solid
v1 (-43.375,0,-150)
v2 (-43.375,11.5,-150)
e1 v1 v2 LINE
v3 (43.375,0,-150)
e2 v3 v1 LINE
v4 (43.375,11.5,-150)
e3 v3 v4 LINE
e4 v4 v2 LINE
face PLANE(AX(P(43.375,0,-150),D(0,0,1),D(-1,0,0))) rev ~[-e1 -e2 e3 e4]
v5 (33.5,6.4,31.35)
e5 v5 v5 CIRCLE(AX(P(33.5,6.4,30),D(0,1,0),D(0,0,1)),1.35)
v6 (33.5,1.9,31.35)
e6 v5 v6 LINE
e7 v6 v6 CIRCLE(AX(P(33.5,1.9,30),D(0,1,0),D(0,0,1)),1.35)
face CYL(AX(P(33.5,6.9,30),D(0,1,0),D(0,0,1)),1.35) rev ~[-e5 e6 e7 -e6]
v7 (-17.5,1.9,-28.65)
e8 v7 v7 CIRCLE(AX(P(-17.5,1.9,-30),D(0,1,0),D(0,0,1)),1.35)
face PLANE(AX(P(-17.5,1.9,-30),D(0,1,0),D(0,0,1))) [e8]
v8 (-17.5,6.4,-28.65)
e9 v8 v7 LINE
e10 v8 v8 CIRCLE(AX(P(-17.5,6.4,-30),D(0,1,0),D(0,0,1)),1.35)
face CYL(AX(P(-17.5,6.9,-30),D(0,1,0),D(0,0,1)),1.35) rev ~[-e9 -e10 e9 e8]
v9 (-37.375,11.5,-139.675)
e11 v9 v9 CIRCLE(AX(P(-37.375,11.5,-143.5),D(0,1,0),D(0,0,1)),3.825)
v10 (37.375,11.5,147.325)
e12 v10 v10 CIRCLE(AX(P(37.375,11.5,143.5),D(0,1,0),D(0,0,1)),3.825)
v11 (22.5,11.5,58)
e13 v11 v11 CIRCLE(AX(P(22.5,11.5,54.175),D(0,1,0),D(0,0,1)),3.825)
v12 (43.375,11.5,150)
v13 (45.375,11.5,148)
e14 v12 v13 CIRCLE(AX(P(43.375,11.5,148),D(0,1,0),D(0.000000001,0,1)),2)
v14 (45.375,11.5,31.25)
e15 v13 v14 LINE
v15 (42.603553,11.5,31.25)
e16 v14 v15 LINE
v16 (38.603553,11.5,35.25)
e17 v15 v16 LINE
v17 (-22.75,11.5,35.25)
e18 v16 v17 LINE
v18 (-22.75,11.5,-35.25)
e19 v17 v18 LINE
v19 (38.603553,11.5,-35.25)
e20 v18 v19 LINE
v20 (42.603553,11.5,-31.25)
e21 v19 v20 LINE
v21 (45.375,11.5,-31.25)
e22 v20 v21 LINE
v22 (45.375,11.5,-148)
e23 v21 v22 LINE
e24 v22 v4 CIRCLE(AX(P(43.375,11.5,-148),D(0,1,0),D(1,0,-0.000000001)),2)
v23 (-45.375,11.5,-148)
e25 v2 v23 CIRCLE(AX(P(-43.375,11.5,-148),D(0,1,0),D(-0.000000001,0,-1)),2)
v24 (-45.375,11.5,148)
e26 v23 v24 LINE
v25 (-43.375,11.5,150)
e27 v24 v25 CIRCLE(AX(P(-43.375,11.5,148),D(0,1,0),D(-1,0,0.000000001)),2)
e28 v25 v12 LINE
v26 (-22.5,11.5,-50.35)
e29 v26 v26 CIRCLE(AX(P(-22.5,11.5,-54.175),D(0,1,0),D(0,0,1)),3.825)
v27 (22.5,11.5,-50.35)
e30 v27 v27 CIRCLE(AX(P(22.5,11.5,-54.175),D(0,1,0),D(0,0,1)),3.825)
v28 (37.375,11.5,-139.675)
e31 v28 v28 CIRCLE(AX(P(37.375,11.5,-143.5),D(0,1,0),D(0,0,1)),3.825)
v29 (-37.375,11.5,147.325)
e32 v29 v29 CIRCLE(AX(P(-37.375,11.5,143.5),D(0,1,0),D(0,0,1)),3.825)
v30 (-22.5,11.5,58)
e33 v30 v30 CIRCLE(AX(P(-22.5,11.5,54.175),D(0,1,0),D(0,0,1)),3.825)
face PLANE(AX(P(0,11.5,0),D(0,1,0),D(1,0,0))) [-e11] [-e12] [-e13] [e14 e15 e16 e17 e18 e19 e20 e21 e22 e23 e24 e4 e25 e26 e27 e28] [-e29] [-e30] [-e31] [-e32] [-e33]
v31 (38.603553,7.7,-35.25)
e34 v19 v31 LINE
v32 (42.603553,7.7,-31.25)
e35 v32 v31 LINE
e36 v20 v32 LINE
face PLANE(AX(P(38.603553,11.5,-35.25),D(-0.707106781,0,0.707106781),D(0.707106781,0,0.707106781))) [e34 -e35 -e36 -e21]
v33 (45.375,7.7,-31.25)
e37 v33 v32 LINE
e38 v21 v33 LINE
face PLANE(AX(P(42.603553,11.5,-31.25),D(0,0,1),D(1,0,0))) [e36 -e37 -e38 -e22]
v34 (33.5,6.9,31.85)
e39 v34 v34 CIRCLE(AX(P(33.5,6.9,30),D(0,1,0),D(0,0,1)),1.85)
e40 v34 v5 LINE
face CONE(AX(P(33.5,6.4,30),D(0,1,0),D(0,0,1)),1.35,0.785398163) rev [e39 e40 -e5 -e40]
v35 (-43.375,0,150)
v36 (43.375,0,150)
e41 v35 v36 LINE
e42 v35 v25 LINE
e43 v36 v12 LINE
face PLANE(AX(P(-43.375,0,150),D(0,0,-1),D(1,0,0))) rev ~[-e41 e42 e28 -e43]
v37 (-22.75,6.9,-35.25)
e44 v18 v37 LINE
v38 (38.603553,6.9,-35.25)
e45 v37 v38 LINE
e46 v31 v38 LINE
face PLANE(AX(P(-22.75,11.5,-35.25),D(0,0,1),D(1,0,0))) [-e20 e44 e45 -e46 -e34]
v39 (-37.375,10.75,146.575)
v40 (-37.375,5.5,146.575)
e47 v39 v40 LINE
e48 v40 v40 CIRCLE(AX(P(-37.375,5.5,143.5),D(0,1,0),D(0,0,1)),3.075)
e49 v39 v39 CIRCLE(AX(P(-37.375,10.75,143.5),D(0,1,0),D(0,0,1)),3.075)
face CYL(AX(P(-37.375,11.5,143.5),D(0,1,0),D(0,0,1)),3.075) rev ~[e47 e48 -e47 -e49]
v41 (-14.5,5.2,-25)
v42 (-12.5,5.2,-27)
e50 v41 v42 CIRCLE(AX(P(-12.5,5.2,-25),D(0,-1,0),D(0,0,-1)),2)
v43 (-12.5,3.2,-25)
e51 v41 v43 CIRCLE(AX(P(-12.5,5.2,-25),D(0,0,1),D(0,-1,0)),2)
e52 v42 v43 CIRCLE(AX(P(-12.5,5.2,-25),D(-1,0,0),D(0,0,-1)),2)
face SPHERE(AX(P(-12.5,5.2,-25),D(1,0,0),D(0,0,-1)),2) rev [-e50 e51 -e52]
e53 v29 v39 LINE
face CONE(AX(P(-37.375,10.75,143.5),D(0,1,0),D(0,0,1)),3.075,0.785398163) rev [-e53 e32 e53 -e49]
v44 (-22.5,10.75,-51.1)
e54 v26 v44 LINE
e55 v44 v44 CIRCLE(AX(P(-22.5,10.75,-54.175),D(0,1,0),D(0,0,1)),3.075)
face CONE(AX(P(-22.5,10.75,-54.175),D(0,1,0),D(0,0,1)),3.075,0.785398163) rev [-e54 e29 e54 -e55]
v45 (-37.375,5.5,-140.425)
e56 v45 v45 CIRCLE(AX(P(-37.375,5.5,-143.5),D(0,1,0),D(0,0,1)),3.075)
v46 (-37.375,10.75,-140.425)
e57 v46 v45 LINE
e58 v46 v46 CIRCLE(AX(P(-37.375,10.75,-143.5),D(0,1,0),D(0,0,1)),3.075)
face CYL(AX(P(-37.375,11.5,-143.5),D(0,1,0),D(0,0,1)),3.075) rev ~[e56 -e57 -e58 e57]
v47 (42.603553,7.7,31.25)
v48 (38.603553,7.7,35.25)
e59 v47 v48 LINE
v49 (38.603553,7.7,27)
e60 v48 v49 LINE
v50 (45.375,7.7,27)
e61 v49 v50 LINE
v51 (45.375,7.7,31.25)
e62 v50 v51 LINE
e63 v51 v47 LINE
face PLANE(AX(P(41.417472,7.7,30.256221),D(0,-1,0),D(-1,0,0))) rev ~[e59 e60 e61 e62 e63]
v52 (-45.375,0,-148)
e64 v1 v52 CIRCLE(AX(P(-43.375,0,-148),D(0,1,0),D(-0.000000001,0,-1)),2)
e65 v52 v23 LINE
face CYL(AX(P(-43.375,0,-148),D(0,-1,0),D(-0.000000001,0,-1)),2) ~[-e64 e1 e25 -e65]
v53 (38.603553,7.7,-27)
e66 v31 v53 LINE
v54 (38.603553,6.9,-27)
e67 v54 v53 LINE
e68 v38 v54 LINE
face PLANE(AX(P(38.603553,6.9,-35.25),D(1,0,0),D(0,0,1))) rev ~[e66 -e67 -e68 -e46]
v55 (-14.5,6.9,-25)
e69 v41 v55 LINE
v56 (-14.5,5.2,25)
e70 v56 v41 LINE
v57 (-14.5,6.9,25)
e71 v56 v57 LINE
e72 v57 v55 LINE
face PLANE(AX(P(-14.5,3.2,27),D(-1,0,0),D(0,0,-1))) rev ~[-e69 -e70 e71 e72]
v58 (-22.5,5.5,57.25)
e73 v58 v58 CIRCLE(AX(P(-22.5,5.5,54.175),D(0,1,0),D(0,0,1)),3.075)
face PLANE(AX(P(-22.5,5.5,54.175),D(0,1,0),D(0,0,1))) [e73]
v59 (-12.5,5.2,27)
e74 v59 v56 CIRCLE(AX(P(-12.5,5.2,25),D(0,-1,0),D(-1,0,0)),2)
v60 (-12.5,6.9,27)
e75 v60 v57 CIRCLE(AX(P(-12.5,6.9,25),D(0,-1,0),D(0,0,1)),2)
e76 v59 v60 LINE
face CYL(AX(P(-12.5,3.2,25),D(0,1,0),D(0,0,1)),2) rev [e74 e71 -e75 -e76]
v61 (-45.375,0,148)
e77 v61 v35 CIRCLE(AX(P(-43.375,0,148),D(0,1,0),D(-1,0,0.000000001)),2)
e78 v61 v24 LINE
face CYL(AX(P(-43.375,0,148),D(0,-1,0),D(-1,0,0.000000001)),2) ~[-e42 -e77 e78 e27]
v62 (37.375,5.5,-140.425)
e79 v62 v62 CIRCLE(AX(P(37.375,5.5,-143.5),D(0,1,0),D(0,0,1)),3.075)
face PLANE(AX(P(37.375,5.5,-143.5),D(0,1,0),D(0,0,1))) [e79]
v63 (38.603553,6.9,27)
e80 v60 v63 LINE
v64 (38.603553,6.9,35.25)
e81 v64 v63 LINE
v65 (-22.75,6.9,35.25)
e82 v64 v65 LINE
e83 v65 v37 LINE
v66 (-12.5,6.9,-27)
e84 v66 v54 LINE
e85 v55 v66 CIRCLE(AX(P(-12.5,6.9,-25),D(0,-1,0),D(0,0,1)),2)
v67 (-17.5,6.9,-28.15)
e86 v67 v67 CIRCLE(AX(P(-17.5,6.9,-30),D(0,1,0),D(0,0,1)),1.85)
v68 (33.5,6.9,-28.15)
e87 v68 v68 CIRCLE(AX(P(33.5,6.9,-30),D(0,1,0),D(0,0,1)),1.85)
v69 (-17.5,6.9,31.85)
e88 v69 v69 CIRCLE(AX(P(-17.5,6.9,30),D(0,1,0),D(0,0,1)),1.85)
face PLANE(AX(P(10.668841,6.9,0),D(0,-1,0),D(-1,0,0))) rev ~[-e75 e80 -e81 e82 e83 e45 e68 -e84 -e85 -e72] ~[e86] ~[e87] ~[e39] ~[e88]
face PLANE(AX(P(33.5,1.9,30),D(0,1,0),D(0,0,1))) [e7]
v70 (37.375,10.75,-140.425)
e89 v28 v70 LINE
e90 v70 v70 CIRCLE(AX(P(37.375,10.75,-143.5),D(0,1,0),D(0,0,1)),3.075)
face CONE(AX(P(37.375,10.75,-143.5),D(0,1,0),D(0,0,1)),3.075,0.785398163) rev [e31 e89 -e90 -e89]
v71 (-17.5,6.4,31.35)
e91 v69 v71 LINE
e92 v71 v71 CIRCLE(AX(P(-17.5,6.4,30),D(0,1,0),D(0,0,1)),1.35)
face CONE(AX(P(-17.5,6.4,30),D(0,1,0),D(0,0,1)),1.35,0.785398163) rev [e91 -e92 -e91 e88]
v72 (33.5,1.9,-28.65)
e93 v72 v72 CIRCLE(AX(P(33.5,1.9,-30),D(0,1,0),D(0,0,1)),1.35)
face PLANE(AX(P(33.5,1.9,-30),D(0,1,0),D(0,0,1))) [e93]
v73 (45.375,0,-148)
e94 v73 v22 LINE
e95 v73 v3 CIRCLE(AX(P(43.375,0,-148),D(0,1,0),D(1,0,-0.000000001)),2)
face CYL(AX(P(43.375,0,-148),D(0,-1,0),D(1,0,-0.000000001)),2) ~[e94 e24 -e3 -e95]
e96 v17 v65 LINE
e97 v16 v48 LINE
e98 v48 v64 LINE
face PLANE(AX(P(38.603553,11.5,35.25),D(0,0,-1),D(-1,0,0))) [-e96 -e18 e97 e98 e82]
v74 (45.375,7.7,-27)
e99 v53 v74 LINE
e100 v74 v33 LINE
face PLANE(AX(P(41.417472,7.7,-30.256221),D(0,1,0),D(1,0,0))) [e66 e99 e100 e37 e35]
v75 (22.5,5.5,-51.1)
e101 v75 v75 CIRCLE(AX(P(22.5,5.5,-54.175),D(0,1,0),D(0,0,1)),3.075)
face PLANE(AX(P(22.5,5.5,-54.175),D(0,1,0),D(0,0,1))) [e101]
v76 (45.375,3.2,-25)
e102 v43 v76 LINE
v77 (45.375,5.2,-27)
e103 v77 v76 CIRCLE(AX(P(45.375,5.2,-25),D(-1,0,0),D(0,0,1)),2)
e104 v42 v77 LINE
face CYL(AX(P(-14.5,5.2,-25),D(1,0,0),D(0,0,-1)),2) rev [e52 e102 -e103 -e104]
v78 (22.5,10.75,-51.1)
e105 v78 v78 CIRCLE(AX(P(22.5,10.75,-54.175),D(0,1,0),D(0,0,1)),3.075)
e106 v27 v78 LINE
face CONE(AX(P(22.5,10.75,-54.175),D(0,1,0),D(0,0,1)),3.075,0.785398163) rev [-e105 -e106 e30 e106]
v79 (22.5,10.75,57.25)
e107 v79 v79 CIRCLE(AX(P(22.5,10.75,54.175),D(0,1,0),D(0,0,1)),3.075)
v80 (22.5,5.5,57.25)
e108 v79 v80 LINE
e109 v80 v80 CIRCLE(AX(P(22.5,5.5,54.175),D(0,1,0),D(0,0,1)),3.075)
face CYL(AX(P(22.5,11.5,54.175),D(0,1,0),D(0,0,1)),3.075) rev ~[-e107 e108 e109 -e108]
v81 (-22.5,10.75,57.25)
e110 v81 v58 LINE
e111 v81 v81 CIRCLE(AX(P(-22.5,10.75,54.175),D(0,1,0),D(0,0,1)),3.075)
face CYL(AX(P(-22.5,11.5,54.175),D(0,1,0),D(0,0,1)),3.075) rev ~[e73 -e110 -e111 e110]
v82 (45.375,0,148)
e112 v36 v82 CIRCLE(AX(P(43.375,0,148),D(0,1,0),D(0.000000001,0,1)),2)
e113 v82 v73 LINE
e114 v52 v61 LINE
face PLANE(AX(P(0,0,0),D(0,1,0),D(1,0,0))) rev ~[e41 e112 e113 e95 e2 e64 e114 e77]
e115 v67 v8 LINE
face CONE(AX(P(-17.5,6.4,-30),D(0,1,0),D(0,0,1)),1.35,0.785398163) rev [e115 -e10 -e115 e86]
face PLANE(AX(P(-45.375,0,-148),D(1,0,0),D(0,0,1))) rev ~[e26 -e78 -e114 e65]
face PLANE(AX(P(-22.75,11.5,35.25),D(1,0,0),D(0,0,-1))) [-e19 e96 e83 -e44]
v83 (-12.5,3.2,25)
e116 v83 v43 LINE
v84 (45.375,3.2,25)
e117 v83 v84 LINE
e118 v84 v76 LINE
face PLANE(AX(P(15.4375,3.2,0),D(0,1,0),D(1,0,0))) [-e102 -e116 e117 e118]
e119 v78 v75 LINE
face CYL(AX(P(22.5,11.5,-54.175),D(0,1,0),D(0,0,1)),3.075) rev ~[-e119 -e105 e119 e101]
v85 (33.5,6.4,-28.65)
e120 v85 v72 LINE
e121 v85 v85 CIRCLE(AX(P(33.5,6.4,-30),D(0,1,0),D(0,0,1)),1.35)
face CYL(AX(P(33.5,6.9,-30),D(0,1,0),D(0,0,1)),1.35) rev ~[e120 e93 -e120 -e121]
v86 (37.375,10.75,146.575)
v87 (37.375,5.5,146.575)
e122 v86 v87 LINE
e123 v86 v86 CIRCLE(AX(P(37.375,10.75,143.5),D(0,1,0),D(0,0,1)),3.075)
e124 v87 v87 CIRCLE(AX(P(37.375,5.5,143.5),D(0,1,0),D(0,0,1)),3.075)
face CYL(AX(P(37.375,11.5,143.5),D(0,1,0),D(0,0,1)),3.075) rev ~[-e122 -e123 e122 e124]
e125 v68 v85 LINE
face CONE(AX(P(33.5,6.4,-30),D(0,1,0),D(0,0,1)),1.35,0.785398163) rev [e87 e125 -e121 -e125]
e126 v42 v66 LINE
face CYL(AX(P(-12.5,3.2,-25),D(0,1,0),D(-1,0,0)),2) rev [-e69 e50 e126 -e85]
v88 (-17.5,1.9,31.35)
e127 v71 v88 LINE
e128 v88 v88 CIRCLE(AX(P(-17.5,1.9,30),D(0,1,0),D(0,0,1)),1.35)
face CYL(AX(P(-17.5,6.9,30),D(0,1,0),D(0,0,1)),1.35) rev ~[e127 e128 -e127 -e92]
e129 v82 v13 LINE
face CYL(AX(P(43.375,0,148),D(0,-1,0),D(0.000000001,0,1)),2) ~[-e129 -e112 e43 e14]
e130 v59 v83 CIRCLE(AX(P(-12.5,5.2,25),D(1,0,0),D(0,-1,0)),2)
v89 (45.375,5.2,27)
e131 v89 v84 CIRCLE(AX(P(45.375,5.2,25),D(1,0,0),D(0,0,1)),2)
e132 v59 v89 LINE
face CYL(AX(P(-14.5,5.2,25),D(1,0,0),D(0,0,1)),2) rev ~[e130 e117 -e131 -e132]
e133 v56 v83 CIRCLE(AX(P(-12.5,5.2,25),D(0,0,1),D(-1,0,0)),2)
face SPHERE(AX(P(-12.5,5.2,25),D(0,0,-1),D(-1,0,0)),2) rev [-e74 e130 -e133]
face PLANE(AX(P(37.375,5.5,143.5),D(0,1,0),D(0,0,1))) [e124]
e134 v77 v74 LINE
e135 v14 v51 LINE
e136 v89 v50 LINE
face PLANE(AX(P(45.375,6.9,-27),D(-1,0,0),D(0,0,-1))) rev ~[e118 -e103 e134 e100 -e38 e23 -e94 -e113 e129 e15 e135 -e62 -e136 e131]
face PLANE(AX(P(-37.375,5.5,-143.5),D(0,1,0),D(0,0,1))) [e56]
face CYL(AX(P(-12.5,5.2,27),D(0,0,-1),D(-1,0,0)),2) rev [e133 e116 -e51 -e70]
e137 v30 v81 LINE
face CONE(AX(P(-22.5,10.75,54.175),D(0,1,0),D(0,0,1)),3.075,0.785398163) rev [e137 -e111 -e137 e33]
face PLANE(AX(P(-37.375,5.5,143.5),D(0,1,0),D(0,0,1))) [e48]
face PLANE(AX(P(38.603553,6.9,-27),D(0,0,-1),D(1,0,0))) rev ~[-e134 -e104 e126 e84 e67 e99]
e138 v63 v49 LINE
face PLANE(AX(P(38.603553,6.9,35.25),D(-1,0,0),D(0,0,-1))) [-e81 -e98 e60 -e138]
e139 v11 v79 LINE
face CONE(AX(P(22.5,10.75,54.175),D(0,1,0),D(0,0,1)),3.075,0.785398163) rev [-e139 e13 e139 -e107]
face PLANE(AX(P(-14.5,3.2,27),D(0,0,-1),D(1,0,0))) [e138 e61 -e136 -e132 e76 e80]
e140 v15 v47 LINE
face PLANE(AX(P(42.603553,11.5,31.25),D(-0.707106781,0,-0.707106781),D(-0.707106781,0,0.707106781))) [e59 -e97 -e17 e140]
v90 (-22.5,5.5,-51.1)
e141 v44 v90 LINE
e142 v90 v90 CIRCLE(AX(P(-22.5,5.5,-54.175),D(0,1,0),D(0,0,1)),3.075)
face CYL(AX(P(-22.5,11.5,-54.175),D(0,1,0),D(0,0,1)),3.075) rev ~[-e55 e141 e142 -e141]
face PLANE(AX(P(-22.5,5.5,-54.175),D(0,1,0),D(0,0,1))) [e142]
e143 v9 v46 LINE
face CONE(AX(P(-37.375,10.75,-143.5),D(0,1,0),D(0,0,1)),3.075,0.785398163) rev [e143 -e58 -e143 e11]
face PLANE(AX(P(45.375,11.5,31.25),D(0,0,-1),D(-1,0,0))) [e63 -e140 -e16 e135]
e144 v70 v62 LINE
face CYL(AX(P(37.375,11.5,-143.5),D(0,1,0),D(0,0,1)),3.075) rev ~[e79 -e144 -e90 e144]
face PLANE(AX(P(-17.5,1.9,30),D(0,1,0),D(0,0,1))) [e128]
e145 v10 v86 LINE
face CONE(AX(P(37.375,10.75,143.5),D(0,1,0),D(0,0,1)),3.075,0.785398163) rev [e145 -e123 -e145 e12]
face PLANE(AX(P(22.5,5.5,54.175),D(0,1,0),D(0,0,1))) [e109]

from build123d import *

# Parameters (mm, degrees)
BOSS_EXTRUDE1_DEPTH     = 11.5
SKETCH4_R               = 3.075
CUT_EXTRUDE1_DEPTH      = 6
CUT_EXTRUDE6_DEPTH      = 4.6
CUT_EXTRUDE3_DEPTH      = 157.86459328
CUT_EXTRUDE3_DEPTH_BACK = 3.7
SKETCH24_W              = 59.875
SKETCH24_H              = 54
SKETCH25_R              = 1.35
CUT_EXTRUDE4_DEPTH      = 5
CHAMFER4_SIZE           = 0.5
FILLET1_R               = 2
BOSS_EXTRUDE2_DEPTH     = 0.8
CHAMFER5_SIZE           = 0.75


with BuildPart() as part:
    # Sketch1 → Boss-Extrude1 (new body)
    with BuildSketch(Plane(origin=(0, 0, 0), x_dir=(1, 0, 0), z_dir=(0, 1, 0))):
        with BuildLine():
            Line((-45.375, 135), (-45.375, -135))
            Line((-45.375, -135), (-45.375, -148))
            ThreePointArc((-45.375, -148), (-44.789213562, -149.414213562), (-43.375, -150))
            Line((-43.375, -150), (43.375, -150))
            ThreePointArc((43.375, -150), (44.789213562, -149.414213562), (45.375, -148))
            Line((45.375, -148), (45.375, -135))
            Line((45.375, -135), (45.375, 135))
            Line((45.375, 135), (45.375, 148))
            ThreePointArc((45.375, 148), (44.789213562, 149.414213562), (43.375, 150))
            Line((43.375, 150), (-43.375, 150))
            ThreePointArc((-43.375, 150), (-44.789213562, 149.414213562), (-45.375, 148))
            Line((-45.375, 148), (-45.375, 135))
        make_face()
    extrude(amount=BOSS_EXTRUDE1_DEPTH)

    # Sketch4 → Cut-Extrude1 (cut)
    with BuildSketch(Plane(origin=(0, 11.5, 0), x_dir=(1, 0, 0), z_dir=(0, 1, 0))):
        with Locations(Location((-37.375, -143.5, 0), (0, 0, 270))):
            Circle(SKETCH4_R)
        with Locations(Location((37.375, -143.5, 0), (0, 0, 270))):
            Circle(SKETCH4_R)
        with Locations(Location((37.375, 143.5, 0), (0, 0, 270))):
            Circle(SKETCH4_R)
        with Locations(Location((-37.375, 143.5, 0), (0, 0, 270))):
            Circle(SKETCH4_R)
        with Locations(Location((-22.5, -54.175, 0), (0, 0, 270))):
            Circle(SKETCH4_R)
        with Locations(Location((22.5, -54.175, 0), (0, 0, 270))):
            Circle(SKETCH4_R)
        with Locations(Location((22.5, 54.175, 0), (0, 0, 270))):
            Circle(SKETCH4_R)
        with Locations(Location((-22.5, 54.175, 0), (0, 0, 270))):
            Circle(SKETCH4_R)
    extrude(amount=-CUT_EXTRUDE1_DEPTH, mode=Mode.SUBTRACT)

    # Sketch21 → Cut-Extrude6 (cut)
    with BuildSketch(Plane(origin=(0, 11.5, 0), x_dir=(1, 0, 0), z_dir=(0, 1, 0))):
        Polygon((45.375, 31), (45.375, -31), (45.375, -31.25), (42.603553391, -31.25), (38.603553391, -35.25), (-22.75, -35.25), (-22.75, 35.25), (38.603553391, 35.25), (42.603553391, 31.25), (45.375, 31.25), align=None)
    extrude(amount=-CUT_EXTRUDE6_DEPTH, mode=Mode.SUBTRACT)

    # Sketch24 → Cut-Extrude3 (cut, two sides: drawn at the far end of the back side and taken through both)
    with BuildSketch(Plane(origin=(0, 6.9, 0), x_dir=(1, 0, 0), z_dir=(0, 1, 0)).offset(-CUT_EXTRUDE3_DEPTH_BACK)):
        with Locations((15.4375, 0)):
            Rectangle(SKETCH24_W, SKETCH24_H)
    extrude(amount=CUT_EXTRUDE3_DEPTH + CUT_EXTRUDE3_DEPTH_BACK, mode=Mode.SUBTRACT)

    # Sketch25 → Cut-Extrude4 (cut)
    with BuildSketch(Plane(origin=(0, 6.9, 0), x_dir=(1, 0, 0), z_dir=(0, 1, 0))):
        with Locations(Location((33.5, 30, 0), (0, 0, 270))):
            Circle(SKETCH25_R)
        with Locations(Location((-17.5, 30, 0), (0, 0, 270))):
            Circle(SKETCH25_R)
        with Locations(Location((33.5, -30, 0), (0, 0, 270))):
            Circle(SKETCH25_R)
        with Locations(Location((-17.5, -30, 0), (0, 0, 270))):
            Circle(SKETCH25_R)
    extrude(amount=-CUT_EXTRUDE4_DEPTH, mode=Mode.SUBTRACT)

    # Chamfer4
    chamfer4_edges = [part.edges().sort_by_distance(p)[0] for p in [
        (-17.5, 6.9, -31.35),
        (33.5, 6.9, 28.65),
        (-17.5, 6.9, 28.65),
        (33.5, 6.9, -31.35),
    ]]
    chamfer(chamfer4_edges, length=CHAMFER4_SIZE)

    # Fillet1
    fillet1_edges = [part.edges().sort_by_distance(p)[0] for p in [
        (15.4375, 3.2, -27),
        (-14.5, 5.05, -27),
        (-14.5, 3.2, 0),
        (-14.5, 5.05, 27),
        (15.4375, 3.2, 27),
    ]]
    fillet(fillet1_edges, radius=FILLET1_R)

    # Sketch26 → Boss-Extrude2 (add)
    with BuildSketch(Plane(origin=(0, 6.9, 0), x_dir=(1, 0, 0), z_dir=(0, 1, 0))):
        Polygon((38.603553391, 35.25), (38.603553391, 27), (45.375, 27), (45.375, 31.25), (42.603553391, 31.25), align=None)
        Polygon((42.603553391, -31.25), (38.603553391, -35.25), (38.603553391, -27), (45.375, -27), (45.375, -31.25), align=None)
    extrude(amount=BOSS_EXTRUDE2_DEPTH)

    # Chamfer5
    chamfer5_edges = [part.edges().sort_by_distance(p)[0] for p in [
        (37.375, 11.5, 140.425),
        (37.375, 11.5, -146.575),
        (-22.5, 11.5, 51.1),
        (22.5, 11.5, 51.1),
        (-22.5, 11.5, -57.25),
        (22.5, 11.5, -57.25),
        (-37.375, 11.5, -146.575),
        (-37.375, 11.5, 140.425),
    ]]
    chamfer(chamfer5_edges, length=CHAMFER5_SIZE)


solid = part.part
